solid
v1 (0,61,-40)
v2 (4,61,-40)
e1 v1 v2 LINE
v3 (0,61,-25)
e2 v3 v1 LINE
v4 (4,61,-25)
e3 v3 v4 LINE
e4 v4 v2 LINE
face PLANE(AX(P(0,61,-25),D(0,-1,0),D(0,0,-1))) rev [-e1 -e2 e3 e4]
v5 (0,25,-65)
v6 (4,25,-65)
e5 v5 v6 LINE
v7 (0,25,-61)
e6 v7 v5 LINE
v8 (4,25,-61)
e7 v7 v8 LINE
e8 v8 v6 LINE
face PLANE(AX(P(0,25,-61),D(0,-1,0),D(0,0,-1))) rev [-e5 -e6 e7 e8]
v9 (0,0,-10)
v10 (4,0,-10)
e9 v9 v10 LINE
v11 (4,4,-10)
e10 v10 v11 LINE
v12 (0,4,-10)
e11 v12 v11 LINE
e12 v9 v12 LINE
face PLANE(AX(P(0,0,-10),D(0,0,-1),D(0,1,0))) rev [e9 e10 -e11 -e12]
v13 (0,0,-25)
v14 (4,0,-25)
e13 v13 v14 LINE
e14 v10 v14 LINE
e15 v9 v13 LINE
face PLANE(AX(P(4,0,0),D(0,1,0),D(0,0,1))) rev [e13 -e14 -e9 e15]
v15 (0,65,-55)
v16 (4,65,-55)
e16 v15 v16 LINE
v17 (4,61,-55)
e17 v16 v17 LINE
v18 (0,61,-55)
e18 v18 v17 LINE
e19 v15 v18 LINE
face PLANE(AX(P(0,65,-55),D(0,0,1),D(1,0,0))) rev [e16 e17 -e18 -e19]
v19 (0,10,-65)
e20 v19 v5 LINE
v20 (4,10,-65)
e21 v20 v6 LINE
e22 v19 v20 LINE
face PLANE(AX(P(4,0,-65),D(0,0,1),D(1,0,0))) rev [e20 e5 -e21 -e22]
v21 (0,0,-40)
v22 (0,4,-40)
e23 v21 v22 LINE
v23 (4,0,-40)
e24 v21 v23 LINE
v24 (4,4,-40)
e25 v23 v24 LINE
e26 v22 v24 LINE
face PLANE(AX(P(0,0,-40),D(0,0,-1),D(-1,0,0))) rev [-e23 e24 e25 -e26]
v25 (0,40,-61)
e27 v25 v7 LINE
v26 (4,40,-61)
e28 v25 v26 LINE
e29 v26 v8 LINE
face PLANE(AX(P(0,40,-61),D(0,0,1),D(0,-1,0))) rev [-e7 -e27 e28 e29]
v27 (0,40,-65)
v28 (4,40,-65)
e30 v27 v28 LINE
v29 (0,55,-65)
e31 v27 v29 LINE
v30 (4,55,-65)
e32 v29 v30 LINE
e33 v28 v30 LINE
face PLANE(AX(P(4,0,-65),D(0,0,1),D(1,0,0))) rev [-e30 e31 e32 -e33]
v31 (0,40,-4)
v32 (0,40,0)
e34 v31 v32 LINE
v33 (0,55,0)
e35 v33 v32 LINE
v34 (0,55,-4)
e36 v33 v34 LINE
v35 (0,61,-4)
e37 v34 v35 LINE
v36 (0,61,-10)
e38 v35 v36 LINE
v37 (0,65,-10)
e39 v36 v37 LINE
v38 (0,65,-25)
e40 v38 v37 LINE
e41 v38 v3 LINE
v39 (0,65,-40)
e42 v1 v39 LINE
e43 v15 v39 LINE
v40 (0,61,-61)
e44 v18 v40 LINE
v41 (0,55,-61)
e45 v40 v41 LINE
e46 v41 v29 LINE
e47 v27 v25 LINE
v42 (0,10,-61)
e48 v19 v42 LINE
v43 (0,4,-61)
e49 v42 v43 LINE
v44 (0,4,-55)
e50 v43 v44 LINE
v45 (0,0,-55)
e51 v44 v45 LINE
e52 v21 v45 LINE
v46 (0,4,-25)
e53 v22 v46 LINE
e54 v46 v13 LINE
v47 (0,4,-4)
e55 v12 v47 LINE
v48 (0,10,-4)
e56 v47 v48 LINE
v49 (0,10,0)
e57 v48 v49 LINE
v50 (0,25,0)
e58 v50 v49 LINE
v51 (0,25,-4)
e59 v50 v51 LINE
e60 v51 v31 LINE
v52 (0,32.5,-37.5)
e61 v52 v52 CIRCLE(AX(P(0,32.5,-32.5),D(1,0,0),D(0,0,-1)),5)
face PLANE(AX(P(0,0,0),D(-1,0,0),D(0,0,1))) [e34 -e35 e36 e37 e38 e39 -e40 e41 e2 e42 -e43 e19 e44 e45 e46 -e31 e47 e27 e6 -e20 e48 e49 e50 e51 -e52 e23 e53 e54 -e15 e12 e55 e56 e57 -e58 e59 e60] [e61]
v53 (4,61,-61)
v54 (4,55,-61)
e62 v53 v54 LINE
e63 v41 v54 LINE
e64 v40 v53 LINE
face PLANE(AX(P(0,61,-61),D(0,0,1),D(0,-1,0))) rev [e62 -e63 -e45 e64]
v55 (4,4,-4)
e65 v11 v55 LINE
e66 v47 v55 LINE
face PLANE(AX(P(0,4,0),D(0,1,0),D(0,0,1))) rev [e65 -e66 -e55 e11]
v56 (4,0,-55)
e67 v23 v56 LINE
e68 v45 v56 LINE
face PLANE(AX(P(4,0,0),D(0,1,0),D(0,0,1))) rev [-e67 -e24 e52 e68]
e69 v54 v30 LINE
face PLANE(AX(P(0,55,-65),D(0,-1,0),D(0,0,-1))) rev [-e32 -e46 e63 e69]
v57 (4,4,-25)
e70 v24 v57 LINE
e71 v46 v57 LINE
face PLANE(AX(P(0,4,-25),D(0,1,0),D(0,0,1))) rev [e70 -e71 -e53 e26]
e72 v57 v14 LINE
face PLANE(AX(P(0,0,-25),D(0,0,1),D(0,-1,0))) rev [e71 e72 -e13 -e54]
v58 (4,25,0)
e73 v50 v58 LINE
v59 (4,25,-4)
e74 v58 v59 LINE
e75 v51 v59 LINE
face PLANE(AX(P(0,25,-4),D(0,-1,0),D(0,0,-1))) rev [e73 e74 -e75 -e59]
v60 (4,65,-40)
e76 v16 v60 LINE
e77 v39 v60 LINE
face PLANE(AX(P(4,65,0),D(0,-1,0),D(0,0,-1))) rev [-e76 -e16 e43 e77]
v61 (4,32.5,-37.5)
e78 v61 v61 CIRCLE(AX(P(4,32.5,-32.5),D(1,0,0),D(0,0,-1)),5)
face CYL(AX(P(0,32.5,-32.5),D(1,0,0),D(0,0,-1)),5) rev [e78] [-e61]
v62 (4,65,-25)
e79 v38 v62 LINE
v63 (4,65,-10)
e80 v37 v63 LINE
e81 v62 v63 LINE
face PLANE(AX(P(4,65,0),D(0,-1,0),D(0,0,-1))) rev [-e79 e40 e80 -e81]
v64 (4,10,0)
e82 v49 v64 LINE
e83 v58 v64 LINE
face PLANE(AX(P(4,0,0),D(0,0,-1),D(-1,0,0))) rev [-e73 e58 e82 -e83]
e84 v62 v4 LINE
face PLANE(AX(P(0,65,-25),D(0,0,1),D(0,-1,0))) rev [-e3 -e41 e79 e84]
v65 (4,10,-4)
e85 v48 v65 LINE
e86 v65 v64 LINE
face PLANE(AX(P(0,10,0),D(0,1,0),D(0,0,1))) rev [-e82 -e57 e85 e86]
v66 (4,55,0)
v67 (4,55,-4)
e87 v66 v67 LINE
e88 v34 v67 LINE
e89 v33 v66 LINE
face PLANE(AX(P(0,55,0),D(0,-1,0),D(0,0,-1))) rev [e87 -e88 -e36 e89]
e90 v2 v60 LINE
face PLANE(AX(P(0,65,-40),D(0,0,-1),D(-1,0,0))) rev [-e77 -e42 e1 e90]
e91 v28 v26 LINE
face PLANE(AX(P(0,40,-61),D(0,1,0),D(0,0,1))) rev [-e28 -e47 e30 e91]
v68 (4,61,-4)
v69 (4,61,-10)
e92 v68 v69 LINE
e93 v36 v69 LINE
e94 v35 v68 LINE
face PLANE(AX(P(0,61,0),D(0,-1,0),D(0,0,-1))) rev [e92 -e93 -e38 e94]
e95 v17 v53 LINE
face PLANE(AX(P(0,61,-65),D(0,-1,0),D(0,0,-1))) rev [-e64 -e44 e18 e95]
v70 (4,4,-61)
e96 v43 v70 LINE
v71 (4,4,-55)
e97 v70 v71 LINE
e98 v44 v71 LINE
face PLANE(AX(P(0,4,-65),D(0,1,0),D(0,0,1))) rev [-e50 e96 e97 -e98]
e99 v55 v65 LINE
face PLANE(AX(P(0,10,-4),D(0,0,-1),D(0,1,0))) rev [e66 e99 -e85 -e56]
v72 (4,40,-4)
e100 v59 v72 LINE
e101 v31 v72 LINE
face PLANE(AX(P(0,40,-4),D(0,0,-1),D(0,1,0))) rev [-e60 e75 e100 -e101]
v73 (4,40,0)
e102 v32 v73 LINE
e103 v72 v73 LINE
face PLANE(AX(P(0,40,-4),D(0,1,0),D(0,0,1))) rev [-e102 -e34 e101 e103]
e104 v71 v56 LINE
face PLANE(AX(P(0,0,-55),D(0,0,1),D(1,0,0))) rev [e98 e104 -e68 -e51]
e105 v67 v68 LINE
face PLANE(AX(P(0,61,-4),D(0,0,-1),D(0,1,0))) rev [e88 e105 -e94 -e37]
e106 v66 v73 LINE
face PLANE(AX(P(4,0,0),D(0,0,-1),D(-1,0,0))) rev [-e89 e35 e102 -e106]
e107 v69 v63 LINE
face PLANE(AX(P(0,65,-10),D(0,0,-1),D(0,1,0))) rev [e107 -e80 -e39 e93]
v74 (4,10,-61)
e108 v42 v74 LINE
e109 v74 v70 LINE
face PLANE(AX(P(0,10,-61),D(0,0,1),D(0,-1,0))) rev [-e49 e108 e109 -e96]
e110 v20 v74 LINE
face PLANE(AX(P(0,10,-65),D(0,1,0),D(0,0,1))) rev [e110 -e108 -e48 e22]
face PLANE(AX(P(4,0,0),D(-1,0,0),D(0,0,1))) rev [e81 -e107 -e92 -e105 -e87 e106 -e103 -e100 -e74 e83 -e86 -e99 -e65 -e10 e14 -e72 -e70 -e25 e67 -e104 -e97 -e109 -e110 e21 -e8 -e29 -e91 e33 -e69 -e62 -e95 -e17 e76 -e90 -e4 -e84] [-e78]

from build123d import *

# Parameters (mm, degrees)
SKETCH1_W           = 65
SKETCH1_H           = 65
BOSS_EXTRUDE1_DEPTH = 4
SKETCH2_R           = 5
CUT_EXTRUDE1_DEPTH  = 4
SKETCH3_W           = 10
SKETCH3_H           = 4
SKETCH3_W_2         = 15
CUT_EXTRUDE2_DEPTH  = 4
SKETCH5_W           = 4
SKETCH5_H           = 6
SKETCH5_H_2         = 15
CUT_EXTRUDE3_DEPTH  = 4


with BuildPart() as part:
    # Sketch1 → Boss-Extrude1 (new body)
    with BuildSketch(Plane(origin=(0, 0, 0), x_dir=(0, 0, -1), z_dir=(1, 0, 0))):
        with Locations((32.5, 32.5)):
            Rectangle(SKETCH1_W, SKETCH1_H)
    extrude(amount=BOSS_EXTRUDE1_DEPTH)

    # Sketch2 → Cut-Extrude1 (cut)
    with BuildSketch(Plane(origin=(4, 0, 0), x_dir=(0, 0, -1), z_dir=(1, 0, 0))):
        with Locations((32.5, 32.5)):
            Circle(SKETCH2_R)
    extrude(amount=-CUT_EXTRUDE1_DEPTH, mode=Mode.SUBTRACT)

    # Sketch3 → Cut-Extrude2 (cut)
    with BuildSketch(Plane(origin=(4, 0, 0), x_dir=(0, 0, -1), z_dir=(1, 0, 0))):
        with Locations((5, 63)):
            Rectangle(SKETCH3_W, SKETCH3_H)
        with Locations((32.5, 63)):
            Rectangle(SKETCH3_W_2, SKETCH3_H)
        with Locations((60, 63)):
            Rectangle(SKETCH3_W, SKETCH3_H)
        with Locations((60, 2)):
            Rectangle(SKETCH3_W, SKETCH3_H)
        with Locations((32.5, 2)):
            Rectangle(SKETCH3_W_2, SKETCH3_H)
        with Locations((5, 2)):
            Rectangle(SKETCH3_W, SKETCH3_H)
    extrude(amount=-CUT_EXTRUDE2_DEPTH, mode=Mode.SUBTRACT)

    # Sketch5 → Cut-Extrude3 (cut)
    with BuildSketch(Plane(origin=(4, 0, 0), x_dir=(0, 0, -1), z_dir=(1, 0, 0))):
        with Locations((2, 58)):
            Rectangle(SKETCH5_W, SKETCH5_H)
        with Locations((2, 32.5)):
            Rectangle(SKETCH5_W, SKETCH5_H_2)
        with Locations((2, 7)):
            Rectangle(SKETCH5_W, SKETCH5_H)
        with Locations((63, 7)):
            Rectangle(SKETCH5_W, SKETCH5_H)
        with Locations((63, 32.5)):
            Rectangle(SKETCH5_W, SKETCH5_H_2)
        with Locations((63, 58)):
            Rectangle(SKETCH5_W, SKETCH5_H)
    extrude(amount=-CUT_EXTRUDE3_DEPTH, mode=Mode.SUBTRACT)


solid = part.part
